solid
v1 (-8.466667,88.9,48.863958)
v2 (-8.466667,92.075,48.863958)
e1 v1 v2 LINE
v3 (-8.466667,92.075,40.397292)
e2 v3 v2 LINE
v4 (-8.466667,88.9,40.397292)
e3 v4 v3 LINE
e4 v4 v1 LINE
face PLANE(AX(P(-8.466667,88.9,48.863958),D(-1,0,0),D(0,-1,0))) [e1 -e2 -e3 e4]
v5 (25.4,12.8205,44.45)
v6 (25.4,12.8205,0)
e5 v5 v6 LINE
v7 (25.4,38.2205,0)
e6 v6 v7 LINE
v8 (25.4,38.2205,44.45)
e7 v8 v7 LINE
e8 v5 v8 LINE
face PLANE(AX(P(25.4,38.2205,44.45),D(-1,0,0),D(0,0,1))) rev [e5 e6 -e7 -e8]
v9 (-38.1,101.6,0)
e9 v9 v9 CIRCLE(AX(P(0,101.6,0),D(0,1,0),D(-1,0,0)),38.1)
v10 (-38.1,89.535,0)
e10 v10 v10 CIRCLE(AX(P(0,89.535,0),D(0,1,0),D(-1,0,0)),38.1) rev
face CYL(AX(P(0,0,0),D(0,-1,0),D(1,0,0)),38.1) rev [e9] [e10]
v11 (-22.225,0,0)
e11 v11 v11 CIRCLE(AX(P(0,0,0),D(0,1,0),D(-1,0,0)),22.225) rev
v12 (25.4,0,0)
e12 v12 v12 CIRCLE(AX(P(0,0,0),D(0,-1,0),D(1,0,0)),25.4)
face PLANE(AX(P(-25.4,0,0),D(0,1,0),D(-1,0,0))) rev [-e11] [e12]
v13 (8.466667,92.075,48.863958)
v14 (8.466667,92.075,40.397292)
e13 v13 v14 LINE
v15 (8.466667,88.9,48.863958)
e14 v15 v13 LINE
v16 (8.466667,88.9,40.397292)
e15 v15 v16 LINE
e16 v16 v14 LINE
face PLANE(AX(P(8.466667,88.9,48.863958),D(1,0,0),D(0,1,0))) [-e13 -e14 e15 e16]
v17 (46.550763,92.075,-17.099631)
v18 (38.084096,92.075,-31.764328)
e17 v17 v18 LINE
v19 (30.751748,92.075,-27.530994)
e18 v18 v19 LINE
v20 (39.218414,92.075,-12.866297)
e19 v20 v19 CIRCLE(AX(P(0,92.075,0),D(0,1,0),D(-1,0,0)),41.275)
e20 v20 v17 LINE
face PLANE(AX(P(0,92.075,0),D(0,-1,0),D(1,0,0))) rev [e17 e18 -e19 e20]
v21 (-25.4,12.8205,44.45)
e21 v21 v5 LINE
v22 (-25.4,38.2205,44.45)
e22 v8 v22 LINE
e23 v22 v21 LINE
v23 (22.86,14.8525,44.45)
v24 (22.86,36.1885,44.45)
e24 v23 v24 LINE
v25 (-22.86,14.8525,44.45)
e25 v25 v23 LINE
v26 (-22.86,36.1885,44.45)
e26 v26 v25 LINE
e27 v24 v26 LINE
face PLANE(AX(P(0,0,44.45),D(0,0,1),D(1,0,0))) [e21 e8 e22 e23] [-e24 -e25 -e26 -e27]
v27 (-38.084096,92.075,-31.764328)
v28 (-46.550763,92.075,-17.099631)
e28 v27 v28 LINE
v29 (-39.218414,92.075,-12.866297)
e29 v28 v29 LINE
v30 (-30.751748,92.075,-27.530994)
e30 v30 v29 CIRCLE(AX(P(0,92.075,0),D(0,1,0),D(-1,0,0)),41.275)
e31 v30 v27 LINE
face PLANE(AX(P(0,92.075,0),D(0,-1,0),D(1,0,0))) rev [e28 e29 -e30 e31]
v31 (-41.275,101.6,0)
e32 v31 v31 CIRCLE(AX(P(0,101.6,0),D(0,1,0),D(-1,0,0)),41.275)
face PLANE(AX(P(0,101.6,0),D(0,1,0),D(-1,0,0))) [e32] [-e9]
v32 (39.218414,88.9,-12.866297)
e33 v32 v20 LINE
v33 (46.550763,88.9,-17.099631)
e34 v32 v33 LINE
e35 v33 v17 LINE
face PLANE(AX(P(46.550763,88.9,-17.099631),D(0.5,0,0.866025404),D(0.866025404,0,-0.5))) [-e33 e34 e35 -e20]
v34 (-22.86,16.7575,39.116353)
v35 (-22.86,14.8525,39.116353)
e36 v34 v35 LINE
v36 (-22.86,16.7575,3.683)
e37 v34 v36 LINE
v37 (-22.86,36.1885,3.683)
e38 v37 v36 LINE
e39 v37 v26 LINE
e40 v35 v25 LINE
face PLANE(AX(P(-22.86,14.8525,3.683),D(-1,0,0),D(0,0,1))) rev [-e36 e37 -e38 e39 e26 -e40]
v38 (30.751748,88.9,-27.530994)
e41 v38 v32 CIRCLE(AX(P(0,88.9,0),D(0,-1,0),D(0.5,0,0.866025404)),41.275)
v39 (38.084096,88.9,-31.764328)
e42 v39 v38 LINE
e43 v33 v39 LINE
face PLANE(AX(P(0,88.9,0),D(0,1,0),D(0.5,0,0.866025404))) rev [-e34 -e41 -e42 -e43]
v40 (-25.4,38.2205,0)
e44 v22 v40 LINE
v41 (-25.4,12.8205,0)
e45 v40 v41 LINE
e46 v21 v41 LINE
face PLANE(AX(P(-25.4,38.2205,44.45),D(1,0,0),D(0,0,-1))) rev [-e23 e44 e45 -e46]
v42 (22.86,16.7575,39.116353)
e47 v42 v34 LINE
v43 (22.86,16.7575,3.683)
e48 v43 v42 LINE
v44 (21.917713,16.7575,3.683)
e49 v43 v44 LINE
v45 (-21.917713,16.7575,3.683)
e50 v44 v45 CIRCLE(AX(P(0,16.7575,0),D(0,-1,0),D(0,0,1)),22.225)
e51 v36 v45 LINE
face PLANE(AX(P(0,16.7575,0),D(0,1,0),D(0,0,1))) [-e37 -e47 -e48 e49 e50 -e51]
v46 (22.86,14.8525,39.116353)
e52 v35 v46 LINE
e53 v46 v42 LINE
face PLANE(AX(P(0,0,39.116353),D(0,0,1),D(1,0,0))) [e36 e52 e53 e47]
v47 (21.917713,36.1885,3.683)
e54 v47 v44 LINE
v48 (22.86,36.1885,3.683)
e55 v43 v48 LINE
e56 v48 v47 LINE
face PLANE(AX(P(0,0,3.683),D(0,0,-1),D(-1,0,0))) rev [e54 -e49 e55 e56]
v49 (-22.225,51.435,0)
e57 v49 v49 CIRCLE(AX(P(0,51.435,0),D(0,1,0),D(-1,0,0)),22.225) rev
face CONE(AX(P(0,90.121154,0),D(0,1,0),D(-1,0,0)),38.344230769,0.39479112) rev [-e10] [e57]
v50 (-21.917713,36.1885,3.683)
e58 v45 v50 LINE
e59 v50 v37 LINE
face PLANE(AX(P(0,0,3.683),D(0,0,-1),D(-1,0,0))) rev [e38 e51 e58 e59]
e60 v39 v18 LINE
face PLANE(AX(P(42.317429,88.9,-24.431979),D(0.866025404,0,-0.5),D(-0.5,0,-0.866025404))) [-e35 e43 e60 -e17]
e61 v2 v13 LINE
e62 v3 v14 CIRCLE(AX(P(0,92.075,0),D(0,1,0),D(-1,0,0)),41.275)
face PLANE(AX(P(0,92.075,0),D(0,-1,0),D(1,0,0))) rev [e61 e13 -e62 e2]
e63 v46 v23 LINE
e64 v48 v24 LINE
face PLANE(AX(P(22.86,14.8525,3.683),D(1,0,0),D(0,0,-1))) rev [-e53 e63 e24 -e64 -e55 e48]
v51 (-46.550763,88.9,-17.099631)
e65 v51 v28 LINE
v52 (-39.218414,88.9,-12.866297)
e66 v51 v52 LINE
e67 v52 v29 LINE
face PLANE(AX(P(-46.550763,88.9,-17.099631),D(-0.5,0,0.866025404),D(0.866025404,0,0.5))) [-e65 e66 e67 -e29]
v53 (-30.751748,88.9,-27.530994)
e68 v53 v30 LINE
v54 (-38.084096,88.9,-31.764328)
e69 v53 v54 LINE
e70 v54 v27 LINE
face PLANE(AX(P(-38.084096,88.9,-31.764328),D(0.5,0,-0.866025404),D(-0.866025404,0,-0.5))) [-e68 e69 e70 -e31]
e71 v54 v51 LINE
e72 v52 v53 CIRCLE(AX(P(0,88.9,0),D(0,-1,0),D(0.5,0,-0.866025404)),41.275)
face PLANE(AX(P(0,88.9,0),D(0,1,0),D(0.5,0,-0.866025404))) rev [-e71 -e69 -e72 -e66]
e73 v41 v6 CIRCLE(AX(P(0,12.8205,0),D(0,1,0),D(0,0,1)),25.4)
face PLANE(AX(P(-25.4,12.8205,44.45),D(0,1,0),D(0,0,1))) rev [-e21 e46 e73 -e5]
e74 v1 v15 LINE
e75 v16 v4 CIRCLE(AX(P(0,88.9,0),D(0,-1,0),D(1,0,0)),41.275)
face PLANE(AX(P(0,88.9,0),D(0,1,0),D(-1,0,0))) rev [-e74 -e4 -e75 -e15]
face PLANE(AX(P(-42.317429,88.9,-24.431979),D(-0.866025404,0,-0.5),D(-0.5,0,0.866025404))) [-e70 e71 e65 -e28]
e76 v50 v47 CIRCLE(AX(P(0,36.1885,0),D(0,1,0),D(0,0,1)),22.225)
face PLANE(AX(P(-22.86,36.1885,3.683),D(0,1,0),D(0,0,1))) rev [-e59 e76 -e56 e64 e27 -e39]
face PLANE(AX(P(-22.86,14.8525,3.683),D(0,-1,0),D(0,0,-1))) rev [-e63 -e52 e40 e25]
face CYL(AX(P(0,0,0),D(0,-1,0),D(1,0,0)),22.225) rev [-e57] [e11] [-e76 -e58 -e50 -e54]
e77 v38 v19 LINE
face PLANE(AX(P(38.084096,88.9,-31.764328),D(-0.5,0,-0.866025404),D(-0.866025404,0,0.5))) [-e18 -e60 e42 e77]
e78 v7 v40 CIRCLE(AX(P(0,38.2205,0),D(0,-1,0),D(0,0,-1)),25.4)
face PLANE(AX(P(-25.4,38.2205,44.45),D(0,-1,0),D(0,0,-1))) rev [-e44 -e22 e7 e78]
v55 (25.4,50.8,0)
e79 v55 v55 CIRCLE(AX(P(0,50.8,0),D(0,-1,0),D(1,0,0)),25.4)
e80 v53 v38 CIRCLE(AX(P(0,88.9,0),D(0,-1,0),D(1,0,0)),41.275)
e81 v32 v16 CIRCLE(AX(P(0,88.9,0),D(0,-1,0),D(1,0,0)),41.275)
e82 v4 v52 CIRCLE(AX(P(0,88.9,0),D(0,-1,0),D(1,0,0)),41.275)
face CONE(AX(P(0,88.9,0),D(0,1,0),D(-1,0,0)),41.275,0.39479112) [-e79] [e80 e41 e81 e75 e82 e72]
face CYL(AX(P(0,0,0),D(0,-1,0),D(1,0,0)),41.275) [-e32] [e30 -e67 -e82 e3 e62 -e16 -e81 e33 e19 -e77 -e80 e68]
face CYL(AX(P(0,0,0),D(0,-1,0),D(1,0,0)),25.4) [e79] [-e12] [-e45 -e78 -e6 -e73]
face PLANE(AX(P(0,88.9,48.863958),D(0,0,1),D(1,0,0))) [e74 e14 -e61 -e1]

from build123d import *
from build123d.topology import SkipClean

# Parameters (mm, degrees)
SHELL1_T                = -3.175
BOSS_EXTRUDE1_START     = -3.175
BOSS_EXTRUDE1_DEPTH     = 3.175
CIRPATTERN1_COUNT       = 3
SKETCH4_W               = 50.8
SKETCH4_H               = 25.4
BOSS_EXTRUDE2_DEPTH     = 44.45
CUT_EXTRUDE1_DEPTH      = 87.342151299
CUT_EXTRUDE1_DEPTH_BACK = 87.342151299
SKETCH5_R               = 22.225
SKETCH6_W               = 45.72
SKETCH6_H               = 21.336
CUT_EXTRUDE2_DEPTH      = 40.767
BOSS_EXTRUDE3_DEPTH     = 1.905
SKETCH8_W               = 45.72
SKETCH8_H               = 1.905
BOSS_EXTRUDE4_DEPTH     = 16.256
SKETCH10_R              = 41.275
SKETCH10_R_2            = 38.1
BOSS_EXTRUDE5_DEPTH     = 9.525


with BuildPart() as part:
    # Sketch1 → Revolve1 (revolve)
    with BuildSketch(Plane.XY, mode=Mode.PRIVATE) as revolve1_sk:
        Polygon((0, 92.075), (-41.275, 92.075), (-41.275, 88.9), (-25.4, 50.8), (-25.4, 0), (0, 0), align=None)
    revolve(revolve1_sk.sketch.rotate(Axis((0, 0, 0), (0, 1, 0)), 180), axis=Axis((0, 0, 0), (0, 1, 0)))

    # Shell1
    shell1_openings = [part.faces().sort_by_distance(p)[0] for p in [
        (0, 0, 0),
        (0, 92.075, 0),
    ]]
    offset(amount=SHELL1_T, openings=shell1_openings, kind=Kind.INTERSECTION)

    # Sketch2 → Boss-Extrude1 (add)
    with BuildSketch(Plane(origin=(0, 92.075, 0), x_dir=(1, 0, 0), z_dir=(0, 1, 0)).offset(BOSS_EXTRUDE1_START)):
        with BuildLine():
            Line((0, -48.863958414), (-8.466666667, -48.863958414))
            Line((-8.466666667, -48.863958414), (-8.466666667, -40.397291748))
            ThreePointArc((-8.466666667, -40.397291748), (0, -41.275), (8.466666667, -40.397291748))
            Line((8.466666667, -40.397291748), (8.466666667, -48.863958414))
            Line((8.466666667, -48.863958414), (0, -48.863958414))
        make_face()
    boss_extrude1 = extrude(amount=BOSS_EXTRUDE1_DEPTH)

    # CirPattern1: Boss-Extrude1 ×3 about axis
    cirpattern1_axis = Axis((0, 0, 0), (0, 1, 0))
    for i in range(1, CIRPATTERN1_COUNT):
        add(boss_extrude1.rotate(cirpattern1_axis, i * 360 / CIRPATTERN1_COUNT))

    # Sketch4 → Boss-Extrude2 (add)
    with BuildSketch(Plane.XY):
        with Locations((0, 25.520500134)):
            Rectangle(SKETCH4_W, SKETCH4_H)
    extrude(amount=BOSS_EXTRUDE2_DEPTH)

    # Sketch5 → Cut-Extrude1 (cut, two sides: drawn at the far end of the back side and taken through both)
    with BuildSketch(Plane(origin=(0, 38.220500134, 0), x_dir=(1, 0, 0), z_dir=(0, 1, 0)).offset(-CUT_EXTRUDE1_DEPTH_BACK)):
        with Locations(Location((0, 0, 0), (0, 0, 180))):
            Circle(SKETCH5_R)
    extrude(amount=CUT_EXTRUDE1_DEPTH + CUT_EXTRUDE1_DEPTH_BACK, mode=Mode.SUBTRACT)

    # Sketch6 → Cut-Extrude2 (cut)
    with BuildSketch(Plane.XY.offset(44.45)):
        with Locations((0, 25.520500134)):
            Rectangle(SKETCH6_W, SKETCH6_H)
    extrude(amount=-CUT_EXTRUDE2_DEPTH, mode=Mode.SUBTRACT)

    # Sketch7 → Boss-Extrude3 (add)
    with SkipClean():  # the faces are left unmerged after this step: merging them gives an invalid solid
        with BuildSketch(Plane(origin=(0, 14.852500134, 0), x_dir=(1, 0, 0), z_dir=(0, 1, 0))):
            with BuildLine():
                Line((0, -22.860352775), (-22.86, -22.860352775))
                Line((-22.86, -22.860352775), (-22.860352775, 0))
                Line((-22.860352775, 0), (-22.225, 0))
                ThreePointArc((-22.225, 0), (-1.847898428, -22.148044979), (21.917712837, -3.683))
                Line((21.917712837, -3.683), (22.86, -3.683))
                Line((22.86, -3.683), (22.860352775, 0))
                Line((22.860352775, 0), (22.86, -22.860352775))
                Line((22.86, -22.860352775), (0, -22.860352775))
            make_face()
        extrude(amount=BOSS_EXTRUDE3_DEPTH)

    # Sketch8 → Boss-Extrude4 (add)
    with SkipClean():  # the faces are left unmerged after this step: merging them gives an invalid solid
        with BuildSketch(Plane.XY.offset(22.860352775)):
            with Locations((0, 15.805000134)):
                Rectangle(SKETCH8_W, SKETCH8_H)
        extrude(amount=BOSS_EXTRUDE4_DEPTH)

    # Sketch10 → Boss-Extrude5 (add)
    with BuildSketch(Plane(origin=(0, 92.075, 0), x_dir=(1, 0, 0), z_dir=(0, 1, 0))):
        with Locations(Location((0, 0, 0), (0, 0, 18.162995844))):
            Circle(SKETCH10_R)
        with Locations(Location((0, 0, 0), (0, 0, 180))):
            Circle(SKETCH10_R_2, mode=Mode.SUBTRACT)
    extrude(amount=BOSS_EXTRUDE5_DEPTH)


solid = part.part
